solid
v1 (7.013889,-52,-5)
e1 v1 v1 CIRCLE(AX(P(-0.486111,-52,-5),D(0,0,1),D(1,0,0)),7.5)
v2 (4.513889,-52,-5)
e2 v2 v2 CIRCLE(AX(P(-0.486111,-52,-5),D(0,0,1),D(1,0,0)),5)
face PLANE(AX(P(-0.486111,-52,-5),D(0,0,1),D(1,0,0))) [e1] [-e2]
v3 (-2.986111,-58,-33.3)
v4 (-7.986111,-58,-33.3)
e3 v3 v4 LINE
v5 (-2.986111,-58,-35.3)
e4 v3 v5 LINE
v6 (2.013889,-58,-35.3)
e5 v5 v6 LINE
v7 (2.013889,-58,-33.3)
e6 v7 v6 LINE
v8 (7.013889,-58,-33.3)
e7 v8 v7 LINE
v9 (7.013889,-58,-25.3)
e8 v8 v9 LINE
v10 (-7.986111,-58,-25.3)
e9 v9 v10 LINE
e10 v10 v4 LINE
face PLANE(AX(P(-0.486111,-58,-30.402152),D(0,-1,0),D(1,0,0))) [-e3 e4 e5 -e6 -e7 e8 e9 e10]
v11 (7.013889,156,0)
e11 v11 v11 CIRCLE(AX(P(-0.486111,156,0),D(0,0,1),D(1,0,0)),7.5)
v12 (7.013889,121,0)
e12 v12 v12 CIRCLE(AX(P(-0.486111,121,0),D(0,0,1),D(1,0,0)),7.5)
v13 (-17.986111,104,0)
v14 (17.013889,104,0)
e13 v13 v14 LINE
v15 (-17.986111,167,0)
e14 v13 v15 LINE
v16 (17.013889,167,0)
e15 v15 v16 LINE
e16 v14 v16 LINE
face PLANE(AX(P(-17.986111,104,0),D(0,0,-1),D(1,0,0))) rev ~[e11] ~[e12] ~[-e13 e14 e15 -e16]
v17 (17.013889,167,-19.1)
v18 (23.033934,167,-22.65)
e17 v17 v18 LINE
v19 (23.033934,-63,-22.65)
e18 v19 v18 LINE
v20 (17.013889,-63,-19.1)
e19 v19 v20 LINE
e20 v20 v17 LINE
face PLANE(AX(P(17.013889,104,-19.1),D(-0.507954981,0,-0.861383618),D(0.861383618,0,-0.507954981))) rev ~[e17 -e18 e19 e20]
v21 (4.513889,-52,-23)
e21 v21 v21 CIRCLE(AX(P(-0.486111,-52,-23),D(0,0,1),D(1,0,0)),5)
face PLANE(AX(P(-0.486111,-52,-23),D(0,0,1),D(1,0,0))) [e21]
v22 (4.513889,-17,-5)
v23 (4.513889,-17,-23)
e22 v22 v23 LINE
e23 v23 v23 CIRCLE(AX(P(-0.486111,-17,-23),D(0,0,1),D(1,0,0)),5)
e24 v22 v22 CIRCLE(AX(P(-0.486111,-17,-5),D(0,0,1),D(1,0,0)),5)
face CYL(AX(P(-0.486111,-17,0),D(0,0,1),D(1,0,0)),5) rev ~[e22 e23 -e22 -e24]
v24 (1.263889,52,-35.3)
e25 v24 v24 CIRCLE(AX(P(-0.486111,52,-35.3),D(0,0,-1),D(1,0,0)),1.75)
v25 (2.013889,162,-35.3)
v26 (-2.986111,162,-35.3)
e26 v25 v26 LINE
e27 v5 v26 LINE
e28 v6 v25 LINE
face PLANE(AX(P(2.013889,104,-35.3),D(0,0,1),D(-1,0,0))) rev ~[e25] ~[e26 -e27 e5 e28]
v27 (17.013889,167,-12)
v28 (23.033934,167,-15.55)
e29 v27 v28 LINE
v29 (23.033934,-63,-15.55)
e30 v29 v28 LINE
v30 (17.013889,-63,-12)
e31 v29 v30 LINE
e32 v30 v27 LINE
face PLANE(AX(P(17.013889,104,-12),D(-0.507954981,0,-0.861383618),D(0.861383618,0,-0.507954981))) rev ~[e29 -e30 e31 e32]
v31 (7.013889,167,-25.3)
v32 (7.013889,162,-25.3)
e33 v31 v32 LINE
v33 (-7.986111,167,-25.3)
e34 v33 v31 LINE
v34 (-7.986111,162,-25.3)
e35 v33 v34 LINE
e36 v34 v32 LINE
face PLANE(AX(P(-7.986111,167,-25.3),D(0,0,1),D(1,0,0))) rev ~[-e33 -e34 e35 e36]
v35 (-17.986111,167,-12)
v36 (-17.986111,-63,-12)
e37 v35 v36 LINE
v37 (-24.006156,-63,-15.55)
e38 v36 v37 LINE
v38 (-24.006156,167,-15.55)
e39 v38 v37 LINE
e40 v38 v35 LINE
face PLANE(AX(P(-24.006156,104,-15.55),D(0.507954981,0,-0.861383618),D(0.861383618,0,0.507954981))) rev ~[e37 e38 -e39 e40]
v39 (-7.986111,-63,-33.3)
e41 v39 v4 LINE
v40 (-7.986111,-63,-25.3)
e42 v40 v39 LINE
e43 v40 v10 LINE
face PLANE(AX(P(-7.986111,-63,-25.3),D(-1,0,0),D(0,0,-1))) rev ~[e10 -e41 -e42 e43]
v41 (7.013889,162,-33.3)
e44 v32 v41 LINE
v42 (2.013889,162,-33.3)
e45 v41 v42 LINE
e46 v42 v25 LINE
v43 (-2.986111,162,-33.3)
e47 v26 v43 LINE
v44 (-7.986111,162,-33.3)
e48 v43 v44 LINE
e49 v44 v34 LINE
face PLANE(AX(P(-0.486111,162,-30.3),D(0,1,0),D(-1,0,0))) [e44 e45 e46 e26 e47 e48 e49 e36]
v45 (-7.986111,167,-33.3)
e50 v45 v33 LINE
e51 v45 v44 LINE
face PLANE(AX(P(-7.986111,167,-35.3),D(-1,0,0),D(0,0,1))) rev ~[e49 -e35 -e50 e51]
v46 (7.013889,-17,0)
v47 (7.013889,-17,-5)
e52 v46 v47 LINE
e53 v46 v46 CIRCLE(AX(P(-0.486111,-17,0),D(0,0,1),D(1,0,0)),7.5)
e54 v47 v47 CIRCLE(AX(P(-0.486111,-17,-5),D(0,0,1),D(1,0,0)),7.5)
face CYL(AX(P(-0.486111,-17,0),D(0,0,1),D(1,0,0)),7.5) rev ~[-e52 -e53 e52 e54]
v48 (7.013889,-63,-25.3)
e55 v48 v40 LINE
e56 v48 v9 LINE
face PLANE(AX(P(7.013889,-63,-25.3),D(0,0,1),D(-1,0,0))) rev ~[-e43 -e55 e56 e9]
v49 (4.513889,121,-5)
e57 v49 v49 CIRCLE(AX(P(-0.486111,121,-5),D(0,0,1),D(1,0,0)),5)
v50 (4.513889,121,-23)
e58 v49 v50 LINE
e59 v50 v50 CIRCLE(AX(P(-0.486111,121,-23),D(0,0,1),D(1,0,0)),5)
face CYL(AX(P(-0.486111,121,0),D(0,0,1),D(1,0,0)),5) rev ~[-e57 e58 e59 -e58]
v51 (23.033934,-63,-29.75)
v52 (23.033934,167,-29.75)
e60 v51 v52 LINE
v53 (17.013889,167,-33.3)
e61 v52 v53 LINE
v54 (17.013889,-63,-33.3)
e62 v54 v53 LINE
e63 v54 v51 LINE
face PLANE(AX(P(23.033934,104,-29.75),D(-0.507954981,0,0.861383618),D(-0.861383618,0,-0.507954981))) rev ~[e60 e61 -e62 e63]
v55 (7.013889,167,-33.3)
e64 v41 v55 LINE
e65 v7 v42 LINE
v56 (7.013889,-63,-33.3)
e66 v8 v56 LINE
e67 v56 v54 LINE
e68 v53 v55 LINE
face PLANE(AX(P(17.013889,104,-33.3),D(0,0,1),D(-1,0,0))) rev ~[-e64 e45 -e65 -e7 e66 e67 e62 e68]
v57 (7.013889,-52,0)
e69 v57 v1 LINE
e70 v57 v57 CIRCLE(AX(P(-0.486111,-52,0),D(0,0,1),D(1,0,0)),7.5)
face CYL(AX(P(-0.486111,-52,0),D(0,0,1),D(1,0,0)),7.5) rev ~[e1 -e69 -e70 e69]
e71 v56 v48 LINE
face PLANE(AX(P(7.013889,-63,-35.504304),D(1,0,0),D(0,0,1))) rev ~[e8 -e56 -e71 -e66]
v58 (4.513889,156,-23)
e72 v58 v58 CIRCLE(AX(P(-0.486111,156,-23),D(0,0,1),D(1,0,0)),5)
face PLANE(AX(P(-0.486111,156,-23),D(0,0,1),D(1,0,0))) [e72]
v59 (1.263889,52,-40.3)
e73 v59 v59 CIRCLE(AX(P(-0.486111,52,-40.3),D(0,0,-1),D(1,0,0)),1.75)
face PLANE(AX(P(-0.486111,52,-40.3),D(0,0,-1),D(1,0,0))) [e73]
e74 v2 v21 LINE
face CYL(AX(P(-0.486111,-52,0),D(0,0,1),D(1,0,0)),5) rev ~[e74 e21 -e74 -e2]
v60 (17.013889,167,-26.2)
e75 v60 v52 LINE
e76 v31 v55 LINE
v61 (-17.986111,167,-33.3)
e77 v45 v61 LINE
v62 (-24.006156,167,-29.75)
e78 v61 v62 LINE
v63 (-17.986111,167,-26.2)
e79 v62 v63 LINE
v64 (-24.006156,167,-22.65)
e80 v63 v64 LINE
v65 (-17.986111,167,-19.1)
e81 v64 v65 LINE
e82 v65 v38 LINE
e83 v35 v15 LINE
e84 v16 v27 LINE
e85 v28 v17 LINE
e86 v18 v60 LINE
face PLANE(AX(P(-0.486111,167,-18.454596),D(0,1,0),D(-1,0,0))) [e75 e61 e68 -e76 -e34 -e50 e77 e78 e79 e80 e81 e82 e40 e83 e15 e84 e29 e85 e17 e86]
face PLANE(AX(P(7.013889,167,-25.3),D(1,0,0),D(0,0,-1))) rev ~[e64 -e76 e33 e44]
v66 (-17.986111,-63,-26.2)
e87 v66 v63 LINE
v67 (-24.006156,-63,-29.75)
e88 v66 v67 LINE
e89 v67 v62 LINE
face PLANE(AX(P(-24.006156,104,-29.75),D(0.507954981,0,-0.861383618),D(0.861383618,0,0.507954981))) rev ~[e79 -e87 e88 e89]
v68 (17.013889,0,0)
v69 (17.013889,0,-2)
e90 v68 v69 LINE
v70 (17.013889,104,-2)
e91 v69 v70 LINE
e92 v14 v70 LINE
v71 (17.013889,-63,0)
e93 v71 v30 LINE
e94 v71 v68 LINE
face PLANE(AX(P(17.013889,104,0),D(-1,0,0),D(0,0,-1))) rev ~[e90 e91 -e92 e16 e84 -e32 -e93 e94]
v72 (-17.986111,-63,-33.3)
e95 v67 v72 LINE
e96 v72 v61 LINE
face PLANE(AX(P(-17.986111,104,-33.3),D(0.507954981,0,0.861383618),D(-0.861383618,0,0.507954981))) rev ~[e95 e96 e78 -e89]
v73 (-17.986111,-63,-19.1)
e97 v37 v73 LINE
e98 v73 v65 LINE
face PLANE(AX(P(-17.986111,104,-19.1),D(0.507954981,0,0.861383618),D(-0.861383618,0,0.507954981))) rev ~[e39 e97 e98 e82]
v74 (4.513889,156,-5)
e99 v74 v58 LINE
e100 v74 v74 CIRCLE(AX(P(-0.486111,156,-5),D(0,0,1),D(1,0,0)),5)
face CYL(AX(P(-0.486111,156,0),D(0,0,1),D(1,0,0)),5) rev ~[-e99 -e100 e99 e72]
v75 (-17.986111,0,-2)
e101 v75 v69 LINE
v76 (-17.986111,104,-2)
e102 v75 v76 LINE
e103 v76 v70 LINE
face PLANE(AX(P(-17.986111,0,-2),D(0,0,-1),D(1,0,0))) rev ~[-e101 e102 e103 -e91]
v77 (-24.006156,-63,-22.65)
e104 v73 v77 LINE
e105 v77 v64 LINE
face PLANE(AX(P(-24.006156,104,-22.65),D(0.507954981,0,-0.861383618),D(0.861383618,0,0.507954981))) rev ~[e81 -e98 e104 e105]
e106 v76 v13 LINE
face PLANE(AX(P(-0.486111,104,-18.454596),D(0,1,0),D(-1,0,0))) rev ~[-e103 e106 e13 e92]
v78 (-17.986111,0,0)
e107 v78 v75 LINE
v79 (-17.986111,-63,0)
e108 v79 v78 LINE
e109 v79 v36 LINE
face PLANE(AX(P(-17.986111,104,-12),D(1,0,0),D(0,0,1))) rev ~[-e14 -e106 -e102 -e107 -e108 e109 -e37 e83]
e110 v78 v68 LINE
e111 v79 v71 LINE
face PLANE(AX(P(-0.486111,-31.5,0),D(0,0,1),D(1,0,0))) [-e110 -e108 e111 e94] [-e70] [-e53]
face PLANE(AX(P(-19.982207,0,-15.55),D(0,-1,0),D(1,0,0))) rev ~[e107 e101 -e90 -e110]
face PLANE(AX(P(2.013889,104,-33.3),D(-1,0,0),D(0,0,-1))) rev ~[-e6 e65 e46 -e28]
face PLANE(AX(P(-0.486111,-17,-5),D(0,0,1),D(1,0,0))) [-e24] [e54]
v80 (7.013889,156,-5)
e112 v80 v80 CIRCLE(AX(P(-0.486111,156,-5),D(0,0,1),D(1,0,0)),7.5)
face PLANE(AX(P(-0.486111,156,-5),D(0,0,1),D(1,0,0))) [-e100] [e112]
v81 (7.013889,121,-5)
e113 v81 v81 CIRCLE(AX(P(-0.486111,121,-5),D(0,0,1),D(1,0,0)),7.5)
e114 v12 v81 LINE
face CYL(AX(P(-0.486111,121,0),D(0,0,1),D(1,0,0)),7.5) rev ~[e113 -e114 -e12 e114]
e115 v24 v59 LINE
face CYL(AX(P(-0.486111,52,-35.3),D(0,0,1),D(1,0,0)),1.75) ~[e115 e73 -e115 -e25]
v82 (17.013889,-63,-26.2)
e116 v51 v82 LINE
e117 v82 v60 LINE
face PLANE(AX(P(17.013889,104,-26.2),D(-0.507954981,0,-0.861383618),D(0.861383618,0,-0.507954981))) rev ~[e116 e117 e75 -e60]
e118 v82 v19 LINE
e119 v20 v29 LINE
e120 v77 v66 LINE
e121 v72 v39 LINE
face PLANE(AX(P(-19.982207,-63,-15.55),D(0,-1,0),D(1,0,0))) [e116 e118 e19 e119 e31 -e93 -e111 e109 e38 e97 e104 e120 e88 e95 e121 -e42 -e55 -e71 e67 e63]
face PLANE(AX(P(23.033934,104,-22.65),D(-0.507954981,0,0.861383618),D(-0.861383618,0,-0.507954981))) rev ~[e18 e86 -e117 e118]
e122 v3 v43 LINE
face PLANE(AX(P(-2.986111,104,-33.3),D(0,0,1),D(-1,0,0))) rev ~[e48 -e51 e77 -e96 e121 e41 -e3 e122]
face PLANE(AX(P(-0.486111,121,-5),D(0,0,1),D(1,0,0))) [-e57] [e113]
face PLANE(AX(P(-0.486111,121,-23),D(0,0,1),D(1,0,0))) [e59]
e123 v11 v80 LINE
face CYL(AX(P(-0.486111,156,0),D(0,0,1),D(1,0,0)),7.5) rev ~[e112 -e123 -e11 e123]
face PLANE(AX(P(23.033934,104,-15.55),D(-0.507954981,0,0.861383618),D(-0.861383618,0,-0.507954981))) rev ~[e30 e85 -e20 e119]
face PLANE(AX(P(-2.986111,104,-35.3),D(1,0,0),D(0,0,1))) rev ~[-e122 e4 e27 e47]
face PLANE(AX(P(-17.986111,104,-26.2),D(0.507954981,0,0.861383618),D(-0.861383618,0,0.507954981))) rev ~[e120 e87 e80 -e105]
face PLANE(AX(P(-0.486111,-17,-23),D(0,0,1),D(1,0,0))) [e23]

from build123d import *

# Parameters (mm, degrees)
F0_W      = 35
F0_H      = 63
F1_DEPTH  = 35.3
F2_W      = 15
F2_H      = 2
F3_DEPTH  = 63.001
F4_DEPTH  = 63
F5_R      = 5
F6_DEPTH  = 23
F5_R_2    = 7.5
F7_DEPTH  = 5
F9_DEPTH  = 5
F11_DEPTH = 104
F13_DEPTH = 63
F14_R     = 5
F15_DEPTH = 23
F14_R_2   = 7.5
F16_DEPTH = 5
F17_R     = 1.75
F18_DEPTH = 5
F20_DEPTH = 5


with BuildPart() as f1:
    # F0 (on Top) → F1 (new body)
    with BuildSketch(Plane.XY):
        with Locations((-0.486111, -31.5)):
            Rectangle(F0_W, F0_H)
    extrude(amount=-F1_DEPTH)

    # F2 (on face) → F3 (cut, through all)
    with BuildSketch(Plane.XZ.offset(63)):
        with Locations((9.513889, -34.3)):
            Rectangle(F2_W, F2_H)
        with Locations((-10.486111, -34.3)):
            Rectangle(F2_W, F2_H)
    extrude(amount=-F3_DEPTH, mode=Mode.SUBTRACT)

    # F2 (on face) → F4 (join)
    with BuildSketch(Plane.XZ.offset(63)):
        Polygon((-17.986111, -19.1), (-17.986111, -12), (-24.006156, -15.55), align=None)
        Polygon((-17.986111, -26.2), (-17.986111, -19.1), (-24.006156, -22.65), align=None)
        Polygon((-17.986111, -33.3), (-17.986111, -26.2), (-24.006156, -29.75), align=None)
        Polygon((23.033934, -29.75), (17.013889, -26.2), (17.013889, -33.3), align=None)
        Polygon((23.033934, -15.55), (17.013889, -12), (17.013889, -19.1), align=None)
        Polygon((23.033934, -22.65), (17.013889, -19.1), (17.013889, -26.2), align=None)
    extrude(amount=-F4_DEPTH)

    # F5 (on face) → F6 (cut)
    with BuildSketch(Plane.XY):
        with Locations((-0.486111, -17)):
            Circle(F5_R)
        with Locations((-0.486111, -52)):
            Circle(F5_R)
    extrude(amount=-F6_DEPTH, mode=Mode.SUBTRACT)

    # F5 (on face) → F7 (cut)
    with BuildSketch(Plane.XY):
        with Locations((-0.486111, -17)):
            Circle(F5_R_2)
        with Locations((-0.486111, -17)):
            Circle(F5_R, mode=Mode.SUBTRACT)
        with Locations((-0.486111, -52)):
            Circle(F5_R_2)
        with Locations((-0.486111, -52)):
            Circle(F5_R, mode=Mode.SUBTRACT)
    extrude(amount=-F7_DEPTH, mode=Mode.SUBTRACT)

    # F8 (on face) → F9 (cut)
    with BuildSketch(Plane.XZ.offset(63)):
        Polygon((-0.486111, -25.3), (-7.986111, -25.3), (-7.986111, -35.504304), (7.013889, -35.504304), (7.013889, -25.3), align=None)
    extrude(amount=-F9_DEPTH, mode=Mode.SUBTRACT)

    # F10 (on face) → F11 (join)
    with BuildSketch(Plane(origin=(0, 0, 0), x_dir=(-1, 0, 0), z_dir=(0, 1, 0))):
        Polygon((17.986111, -2), (-17.013889, -2), (-17.013889, -12), (-23.033934, -15.55), (-17.013889, -19.1), (-23.033934, -22.65), (-17.013889, -26.2), (-23.033934, -29.75), (-17.013889, -33.3), (-2.013889, -33.3), (-2.013889, -35.3), (2.986111, -35.3), (2.986111, -33.3), (17.986111, -33.3), (24.006156, -29.75), (17.986111, -26.2), (24.006156, -22.65), (17.986111, -19.1), (24.006156, -15.55), (17.986111, -12), align=None)
    extrude(amount=F11_DEPTH)

    # F12 (on face) → F13 (join)
    with BuildSketch(Plane(origin=(0, 104, 0), x_dir=(-1, 0, 0), z_dir=(0, 1, 0))):
        Polygon((17.986111, 0), (-17.013889, 0), (-17.013889, -12), (-23.033934, -15.55), (-17.013889, -19.1), (-23.033934, -22.65), (-17.013889, -26.2), (-23.033934, -29.75), (-17.013889, -33.3), (-2.013889, -33.3), (-2.013889, -35.3), (2.986111, -35.3), (2.986111, -33.3), (17.986111, -33.3), (24.006156, -29.75), (17.986111, -26.2), (24.006156, -22.65), (17.986111, -19.1), (24.006156, -15.55), (17.986111, -12), align=None)
    extrude(amount=F13_DEPTH)

    # F14 (on face) → F15 (cut)
    with BuildSketch(Plane.XY):
        with Locations((-0.486111, 156)):
            Circle(F14_R)
        with Locations((-0.486111, 121)):
            Circle(F14_R)
    extrude(amount=-F15_DEPTH, mode=Mode.SUBTRACT)

    # F14 (on face) → F16 (cut)
    with BuildSketch(Plane.XY):
        with Locations((-0.486111, 156)):
            Circle(F14_R_2)
        with Locations((-0.486111, 156)):
            Circle(F14_R, mode=Mode.SUBTRACT)
        with Locations((-0.486111, 121)):
            Circle(F14_R_2)
        with Locations((-0.486111, 121)):
            Circle(F14_R, mode=Mode.SUBTRACT)
    extrude(amount=-F16_DEPTH, mode=Mode.SUBTRACT)

    # F17 (on face) → F18 (join)
    with BuildSketch(Plane(origin=(0, 0, -35.3), x_dir=(1, 0, 0), z_dir=(0, 0, -1))):
        with Locations((-0.486111, -52)):
            Circle(F17_R)
    extrude(amount=F18_DEPTH)

    # F19 (on face) → F20 (cut)
    with BuildSketch(Plane(origin=(0, 167, 0), x_dir=(-1, 0, 0), z_dir=(0, 1, 0))):
        Polygon((7.986111, -25.3), (0.486111, -25.3), (-7.013889, -25.3), (-7.013889, -35.3), (0.486111, -35.3), (7.986111, -35.3), align=None)
    extrude(amount=-F20_DEPTH, mode=Mode.SUBTRACT)


solid = f1.part
